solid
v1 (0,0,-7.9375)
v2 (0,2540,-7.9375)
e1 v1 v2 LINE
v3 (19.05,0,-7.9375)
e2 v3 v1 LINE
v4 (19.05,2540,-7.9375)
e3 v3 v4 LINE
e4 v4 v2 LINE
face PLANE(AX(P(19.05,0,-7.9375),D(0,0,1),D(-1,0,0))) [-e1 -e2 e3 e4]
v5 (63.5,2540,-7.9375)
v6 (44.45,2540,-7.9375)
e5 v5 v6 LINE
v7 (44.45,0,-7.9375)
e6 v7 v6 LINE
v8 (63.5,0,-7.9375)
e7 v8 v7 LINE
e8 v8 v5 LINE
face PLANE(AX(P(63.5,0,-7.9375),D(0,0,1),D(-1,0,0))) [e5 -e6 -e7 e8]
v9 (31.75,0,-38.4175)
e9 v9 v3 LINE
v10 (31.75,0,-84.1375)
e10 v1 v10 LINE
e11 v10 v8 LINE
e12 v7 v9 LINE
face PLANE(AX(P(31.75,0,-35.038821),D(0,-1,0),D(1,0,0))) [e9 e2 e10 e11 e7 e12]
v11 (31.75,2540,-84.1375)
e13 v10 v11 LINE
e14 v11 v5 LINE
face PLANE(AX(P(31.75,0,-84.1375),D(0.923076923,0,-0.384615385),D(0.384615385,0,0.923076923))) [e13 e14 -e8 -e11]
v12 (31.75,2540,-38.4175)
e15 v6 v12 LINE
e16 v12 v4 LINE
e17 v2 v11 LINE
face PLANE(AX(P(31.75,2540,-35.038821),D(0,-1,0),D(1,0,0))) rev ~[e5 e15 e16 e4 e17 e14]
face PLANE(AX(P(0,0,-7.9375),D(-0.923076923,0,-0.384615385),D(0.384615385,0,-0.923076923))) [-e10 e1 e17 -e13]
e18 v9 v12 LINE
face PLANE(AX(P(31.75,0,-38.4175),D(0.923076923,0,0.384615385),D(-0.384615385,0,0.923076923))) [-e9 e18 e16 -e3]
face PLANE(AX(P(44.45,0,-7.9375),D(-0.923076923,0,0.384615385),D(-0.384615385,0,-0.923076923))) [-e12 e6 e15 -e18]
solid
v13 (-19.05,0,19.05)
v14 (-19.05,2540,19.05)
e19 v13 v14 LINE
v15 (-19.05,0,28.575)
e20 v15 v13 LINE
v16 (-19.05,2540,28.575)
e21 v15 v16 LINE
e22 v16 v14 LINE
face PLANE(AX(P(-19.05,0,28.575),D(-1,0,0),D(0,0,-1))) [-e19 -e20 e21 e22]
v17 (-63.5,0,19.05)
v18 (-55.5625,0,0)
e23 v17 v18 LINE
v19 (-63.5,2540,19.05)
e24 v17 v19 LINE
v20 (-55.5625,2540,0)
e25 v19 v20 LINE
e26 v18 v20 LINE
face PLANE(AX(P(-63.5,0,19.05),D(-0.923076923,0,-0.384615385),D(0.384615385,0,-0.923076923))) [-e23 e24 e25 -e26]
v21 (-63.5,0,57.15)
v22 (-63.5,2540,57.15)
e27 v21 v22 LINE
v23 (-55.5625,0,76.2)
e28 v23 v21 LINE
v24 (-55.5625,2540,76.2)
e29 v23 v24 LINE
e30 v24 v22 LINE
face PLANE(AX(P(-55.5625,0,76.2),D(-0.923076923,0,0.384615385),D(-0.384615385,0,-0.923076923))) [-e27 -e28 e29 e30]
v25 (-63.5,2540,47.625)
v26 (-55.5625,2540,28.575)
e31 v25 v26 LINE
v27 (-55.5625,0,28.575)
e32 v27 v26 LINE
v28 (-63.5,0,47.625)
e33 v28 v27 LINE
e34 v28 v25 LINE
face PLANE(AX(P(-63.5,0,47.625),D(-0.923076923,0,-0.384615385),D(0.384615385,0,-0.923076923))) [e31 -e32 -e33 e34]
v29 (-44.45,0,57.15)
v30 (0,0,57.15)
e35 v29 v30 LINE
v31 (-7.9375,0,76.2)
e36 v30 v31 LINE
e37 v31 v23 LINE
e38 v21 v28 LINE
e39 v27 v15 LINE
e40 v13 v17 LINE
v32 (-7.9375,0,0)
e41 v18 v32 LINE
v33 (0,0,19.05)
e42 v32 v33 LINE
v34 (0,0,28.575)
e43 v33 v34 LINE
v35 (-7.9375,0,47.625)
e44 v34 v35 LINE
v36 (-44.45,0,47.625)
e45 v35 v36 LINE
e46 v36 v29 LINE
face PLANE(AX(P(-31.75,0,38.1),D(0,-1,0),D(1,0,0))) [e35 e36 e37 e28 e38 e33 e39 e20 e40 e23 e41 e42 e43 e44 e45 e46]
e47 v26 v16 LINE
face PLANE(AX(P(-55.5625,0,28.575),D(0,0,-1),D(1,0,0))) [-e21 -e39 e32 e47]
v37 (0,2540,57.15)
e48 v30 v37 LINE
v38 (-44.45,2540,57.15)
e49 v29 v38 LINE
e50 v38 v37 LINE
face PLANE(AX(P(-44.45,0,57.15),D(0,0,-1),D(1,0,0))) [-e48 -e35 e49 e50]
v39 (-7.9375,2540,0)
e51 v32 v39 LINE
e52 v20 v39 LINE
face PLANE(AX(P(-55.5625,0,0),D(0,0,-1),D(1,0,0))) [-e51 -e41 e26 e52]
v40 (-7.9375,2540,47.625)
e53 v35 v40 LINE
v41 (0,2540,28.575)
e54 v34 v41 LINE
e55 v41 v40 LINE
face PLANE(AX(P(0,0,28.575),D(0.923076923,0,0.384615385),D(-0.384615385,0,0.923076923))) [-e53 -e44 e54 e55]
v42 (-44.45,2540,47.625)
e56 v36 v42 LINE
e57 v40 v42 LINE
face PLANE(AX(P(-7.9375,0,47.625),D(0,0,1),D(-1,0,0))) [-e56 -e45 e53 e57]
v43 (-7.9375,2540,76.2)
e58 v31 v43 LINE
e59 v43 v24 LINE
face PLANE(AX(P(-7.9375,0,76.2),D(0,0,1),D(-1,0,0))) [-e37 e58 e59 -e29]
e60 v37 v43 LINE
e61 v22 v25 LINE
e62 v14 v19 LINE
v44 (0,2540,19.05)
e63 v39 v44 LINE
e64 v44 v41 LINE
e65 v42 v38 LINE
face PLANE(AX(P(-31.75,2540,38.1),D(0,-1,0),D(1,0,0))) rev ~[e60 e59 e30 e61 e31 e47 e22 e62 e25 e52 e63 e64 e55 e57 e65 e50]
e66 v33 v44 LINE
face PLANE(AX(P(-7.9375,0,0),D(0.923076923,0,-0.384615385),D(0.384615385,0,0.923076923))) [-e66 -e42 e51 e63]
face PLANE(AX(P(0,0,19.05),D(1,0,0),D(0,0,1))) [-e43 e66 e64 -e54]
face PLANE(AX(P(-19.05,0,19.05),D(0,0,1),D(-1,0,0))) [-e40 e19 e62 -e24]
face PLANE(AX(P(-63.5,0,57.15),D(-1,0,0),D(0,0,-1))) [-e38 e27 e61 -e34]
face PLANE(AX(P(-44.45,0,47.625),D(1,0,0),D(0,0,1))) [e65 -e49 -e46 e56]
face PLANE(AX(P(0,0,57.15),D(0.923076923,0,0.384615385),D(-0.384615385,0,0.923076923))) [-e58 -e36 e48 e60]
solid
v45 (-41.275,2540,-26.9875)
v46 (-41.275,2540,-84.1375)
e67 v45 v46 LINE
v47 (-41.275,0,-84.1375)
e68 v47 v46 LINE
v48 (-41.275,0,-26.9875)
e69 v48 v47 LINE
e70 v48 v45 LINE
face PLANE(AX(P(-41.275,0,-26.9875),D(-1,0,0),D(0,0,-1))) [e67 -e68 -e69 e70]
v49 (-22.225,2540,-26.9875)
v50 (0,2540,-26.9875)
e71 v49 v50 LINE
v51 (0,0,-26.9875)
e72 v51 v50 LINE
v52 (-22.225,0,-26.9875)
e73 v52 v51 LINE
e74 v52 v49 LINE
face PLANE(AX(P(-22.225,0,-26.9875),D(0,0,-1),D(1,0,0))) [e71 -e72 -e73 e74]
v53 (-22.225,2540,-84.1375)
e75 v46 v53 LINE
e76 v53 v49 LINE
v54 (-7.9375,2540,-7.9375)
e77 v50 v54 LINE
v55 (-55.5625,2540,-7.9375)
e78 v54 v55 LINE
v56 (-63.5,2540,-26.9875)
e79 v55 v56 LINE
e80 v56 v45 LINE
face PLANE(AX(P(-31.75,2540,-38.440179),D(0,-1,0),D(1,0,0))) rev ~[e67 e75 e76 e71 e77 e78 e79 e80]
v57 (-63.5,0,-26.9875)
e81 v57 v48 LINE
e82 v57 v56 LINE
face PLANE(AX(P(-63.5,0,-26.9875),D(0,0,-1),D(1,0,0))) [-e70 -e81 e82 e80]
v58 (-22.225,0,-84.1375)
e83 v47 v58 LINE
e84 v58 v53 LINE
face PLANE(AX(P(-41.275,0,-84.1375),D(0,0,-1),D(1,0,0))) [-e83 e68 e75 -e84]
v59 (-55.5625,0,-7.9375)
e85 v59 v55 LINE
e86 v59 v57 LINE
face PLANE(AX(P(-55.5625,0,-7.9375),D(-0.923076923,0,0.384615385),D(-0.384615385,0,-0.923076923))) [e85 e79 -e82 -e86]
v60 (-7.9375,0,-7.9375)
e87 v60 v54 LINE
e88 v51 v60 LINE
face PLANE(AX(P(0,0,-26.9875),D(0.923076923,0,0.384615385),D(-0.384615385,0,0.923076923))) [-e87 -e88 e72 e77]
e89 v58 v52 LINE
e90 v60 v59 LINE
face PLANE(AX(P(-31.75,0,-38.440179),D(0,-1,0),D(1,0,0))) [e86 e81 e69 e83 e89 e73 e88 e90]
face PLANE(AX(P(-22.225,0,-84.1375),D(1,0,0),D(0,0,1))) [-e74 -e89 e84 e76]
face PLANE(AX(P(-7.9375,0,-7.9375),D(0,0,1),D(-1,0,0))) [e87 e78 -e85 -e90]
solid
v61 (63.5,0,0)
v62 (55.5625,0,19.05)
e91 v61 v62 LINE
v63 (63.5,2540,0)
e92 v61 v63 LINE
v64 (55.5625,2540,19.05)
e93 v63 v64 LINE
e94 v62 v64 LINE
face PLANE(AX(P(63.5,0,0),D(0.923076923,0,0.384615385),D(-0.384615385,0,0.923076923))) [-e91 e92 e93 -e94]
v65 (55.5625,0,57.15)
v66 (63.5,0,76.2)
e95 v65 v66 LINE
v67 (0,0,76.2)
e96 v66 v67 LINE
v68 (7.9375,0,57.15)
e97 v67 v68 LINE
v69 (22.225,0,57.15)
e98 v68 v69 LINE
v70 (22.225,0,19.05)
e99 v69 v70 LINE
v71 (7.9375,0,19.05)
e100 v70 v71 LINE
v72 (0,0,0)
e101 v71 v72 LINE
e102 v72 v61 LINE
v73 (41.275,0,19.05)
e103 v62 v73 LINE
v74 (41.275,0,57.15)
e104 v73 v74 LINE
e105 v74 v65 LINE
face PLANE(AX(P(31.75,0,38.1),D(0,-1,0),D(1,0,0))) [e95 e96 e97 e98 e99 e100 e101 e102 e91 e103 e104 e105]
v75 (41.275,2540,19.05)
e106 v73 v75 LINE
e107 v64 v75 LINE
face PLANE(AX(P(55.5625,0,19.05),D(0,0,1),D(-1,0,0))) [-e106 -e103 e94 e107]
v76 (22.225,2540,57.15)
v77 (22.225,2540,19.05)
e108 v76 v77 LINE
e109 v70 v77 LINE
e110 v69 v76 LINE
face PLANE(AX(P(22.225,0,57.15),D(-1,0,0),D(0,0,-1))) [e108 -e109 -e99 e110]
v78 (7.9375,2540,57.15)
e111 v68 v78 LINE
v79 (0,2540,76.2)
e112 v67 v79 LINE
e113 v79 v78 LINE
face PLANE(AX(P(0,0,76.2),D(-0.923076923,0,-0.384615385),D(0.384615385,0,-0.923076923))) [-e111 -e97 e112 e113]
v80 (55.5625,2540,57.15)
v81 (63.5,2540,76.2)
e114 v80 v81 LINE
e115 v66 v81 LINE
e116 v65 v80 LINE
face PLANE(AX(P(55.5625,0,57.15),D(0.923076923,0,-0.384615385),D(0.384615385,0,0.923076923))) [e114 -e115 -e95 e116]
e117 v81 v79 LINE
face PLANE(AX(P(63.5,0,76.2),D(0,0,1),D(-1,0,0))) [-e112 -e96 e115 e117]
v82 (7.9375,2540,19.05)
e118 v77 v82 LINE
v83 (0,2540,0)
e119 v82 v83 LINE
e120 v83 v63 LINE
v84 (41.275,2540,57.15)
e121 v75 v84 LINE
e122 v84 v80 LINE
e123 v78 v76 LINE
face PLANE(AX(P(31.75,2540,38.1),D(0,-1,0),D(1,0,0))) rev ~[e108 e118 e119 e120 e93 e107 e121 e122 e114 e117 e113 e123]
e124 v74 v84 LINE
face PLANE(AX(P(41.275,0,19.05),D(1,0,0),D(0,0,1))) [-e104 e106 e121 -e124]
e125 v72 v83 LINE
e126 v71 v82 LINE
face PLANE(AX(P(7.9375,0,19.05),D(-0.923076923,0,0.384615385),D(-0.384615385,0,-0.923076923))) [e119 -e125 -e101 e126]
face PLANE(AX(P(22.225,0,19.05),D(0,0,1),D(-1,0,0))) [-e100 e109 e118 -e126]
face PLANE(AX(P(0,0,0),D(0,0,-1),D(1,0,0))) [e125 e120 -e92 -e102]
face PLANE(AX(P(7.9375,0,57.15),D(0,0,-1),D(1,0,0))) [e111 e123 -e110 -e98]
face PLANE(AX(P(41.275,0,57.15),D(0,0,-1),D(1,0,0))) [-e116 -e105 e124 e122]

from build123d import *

# Parameters (mm, degrees)
F1_DEPTH = 2540


with BuildPart() as f1:
    # F0 (on Front) → F1 (new body)
    with BuildSketch(Plane.XZ):
        Polygon((0, 57.15), (-7.9375, 76.2), (-55.5625, 76.2), (-63.5, 57.15), (-63.5, 47.625), (-55.5625, 28.575), (-19.05, 28.575), (-19.05, 19.05), (-63.5, 19.05), (-55.5625, 0), (-7.9375, 0), (0, 19.05), (0, 28.575), (-7.9375, 47.625), (-44.45, 47.625), (-44.45, 57.15), align=None)
        Polygon((7.9375, 19.05), (0, 0), (63.5, 0), (55.5625, 19.05), (41.275, 19.05), (41.275, 57.15), (55.5625, 57.15), (63.5, 76.2), (0, 76.2), (7.9375, 57.15), (22.225, 57.15), (22.225, 19.05), align=None)
        Polygon((0, -26.9875), (-7.9375, -7.9375), (-55.5625, -7.9375), (-63.5, -26.9875), (-41.275, -26.9875), (-41.275, -84.1375), (-22.225, -84.1375), (-22.225, -26.9875), align=None)
        Polygon((19.05, -7.9375), (0, -7.9375), (31.75, -84.1375), (63.5, -7.9375), (44.45, -7.9375), (31.75, -38.4175), align=None)
    extrude(amount=-F1_DEPTH)


solid = f1.part
